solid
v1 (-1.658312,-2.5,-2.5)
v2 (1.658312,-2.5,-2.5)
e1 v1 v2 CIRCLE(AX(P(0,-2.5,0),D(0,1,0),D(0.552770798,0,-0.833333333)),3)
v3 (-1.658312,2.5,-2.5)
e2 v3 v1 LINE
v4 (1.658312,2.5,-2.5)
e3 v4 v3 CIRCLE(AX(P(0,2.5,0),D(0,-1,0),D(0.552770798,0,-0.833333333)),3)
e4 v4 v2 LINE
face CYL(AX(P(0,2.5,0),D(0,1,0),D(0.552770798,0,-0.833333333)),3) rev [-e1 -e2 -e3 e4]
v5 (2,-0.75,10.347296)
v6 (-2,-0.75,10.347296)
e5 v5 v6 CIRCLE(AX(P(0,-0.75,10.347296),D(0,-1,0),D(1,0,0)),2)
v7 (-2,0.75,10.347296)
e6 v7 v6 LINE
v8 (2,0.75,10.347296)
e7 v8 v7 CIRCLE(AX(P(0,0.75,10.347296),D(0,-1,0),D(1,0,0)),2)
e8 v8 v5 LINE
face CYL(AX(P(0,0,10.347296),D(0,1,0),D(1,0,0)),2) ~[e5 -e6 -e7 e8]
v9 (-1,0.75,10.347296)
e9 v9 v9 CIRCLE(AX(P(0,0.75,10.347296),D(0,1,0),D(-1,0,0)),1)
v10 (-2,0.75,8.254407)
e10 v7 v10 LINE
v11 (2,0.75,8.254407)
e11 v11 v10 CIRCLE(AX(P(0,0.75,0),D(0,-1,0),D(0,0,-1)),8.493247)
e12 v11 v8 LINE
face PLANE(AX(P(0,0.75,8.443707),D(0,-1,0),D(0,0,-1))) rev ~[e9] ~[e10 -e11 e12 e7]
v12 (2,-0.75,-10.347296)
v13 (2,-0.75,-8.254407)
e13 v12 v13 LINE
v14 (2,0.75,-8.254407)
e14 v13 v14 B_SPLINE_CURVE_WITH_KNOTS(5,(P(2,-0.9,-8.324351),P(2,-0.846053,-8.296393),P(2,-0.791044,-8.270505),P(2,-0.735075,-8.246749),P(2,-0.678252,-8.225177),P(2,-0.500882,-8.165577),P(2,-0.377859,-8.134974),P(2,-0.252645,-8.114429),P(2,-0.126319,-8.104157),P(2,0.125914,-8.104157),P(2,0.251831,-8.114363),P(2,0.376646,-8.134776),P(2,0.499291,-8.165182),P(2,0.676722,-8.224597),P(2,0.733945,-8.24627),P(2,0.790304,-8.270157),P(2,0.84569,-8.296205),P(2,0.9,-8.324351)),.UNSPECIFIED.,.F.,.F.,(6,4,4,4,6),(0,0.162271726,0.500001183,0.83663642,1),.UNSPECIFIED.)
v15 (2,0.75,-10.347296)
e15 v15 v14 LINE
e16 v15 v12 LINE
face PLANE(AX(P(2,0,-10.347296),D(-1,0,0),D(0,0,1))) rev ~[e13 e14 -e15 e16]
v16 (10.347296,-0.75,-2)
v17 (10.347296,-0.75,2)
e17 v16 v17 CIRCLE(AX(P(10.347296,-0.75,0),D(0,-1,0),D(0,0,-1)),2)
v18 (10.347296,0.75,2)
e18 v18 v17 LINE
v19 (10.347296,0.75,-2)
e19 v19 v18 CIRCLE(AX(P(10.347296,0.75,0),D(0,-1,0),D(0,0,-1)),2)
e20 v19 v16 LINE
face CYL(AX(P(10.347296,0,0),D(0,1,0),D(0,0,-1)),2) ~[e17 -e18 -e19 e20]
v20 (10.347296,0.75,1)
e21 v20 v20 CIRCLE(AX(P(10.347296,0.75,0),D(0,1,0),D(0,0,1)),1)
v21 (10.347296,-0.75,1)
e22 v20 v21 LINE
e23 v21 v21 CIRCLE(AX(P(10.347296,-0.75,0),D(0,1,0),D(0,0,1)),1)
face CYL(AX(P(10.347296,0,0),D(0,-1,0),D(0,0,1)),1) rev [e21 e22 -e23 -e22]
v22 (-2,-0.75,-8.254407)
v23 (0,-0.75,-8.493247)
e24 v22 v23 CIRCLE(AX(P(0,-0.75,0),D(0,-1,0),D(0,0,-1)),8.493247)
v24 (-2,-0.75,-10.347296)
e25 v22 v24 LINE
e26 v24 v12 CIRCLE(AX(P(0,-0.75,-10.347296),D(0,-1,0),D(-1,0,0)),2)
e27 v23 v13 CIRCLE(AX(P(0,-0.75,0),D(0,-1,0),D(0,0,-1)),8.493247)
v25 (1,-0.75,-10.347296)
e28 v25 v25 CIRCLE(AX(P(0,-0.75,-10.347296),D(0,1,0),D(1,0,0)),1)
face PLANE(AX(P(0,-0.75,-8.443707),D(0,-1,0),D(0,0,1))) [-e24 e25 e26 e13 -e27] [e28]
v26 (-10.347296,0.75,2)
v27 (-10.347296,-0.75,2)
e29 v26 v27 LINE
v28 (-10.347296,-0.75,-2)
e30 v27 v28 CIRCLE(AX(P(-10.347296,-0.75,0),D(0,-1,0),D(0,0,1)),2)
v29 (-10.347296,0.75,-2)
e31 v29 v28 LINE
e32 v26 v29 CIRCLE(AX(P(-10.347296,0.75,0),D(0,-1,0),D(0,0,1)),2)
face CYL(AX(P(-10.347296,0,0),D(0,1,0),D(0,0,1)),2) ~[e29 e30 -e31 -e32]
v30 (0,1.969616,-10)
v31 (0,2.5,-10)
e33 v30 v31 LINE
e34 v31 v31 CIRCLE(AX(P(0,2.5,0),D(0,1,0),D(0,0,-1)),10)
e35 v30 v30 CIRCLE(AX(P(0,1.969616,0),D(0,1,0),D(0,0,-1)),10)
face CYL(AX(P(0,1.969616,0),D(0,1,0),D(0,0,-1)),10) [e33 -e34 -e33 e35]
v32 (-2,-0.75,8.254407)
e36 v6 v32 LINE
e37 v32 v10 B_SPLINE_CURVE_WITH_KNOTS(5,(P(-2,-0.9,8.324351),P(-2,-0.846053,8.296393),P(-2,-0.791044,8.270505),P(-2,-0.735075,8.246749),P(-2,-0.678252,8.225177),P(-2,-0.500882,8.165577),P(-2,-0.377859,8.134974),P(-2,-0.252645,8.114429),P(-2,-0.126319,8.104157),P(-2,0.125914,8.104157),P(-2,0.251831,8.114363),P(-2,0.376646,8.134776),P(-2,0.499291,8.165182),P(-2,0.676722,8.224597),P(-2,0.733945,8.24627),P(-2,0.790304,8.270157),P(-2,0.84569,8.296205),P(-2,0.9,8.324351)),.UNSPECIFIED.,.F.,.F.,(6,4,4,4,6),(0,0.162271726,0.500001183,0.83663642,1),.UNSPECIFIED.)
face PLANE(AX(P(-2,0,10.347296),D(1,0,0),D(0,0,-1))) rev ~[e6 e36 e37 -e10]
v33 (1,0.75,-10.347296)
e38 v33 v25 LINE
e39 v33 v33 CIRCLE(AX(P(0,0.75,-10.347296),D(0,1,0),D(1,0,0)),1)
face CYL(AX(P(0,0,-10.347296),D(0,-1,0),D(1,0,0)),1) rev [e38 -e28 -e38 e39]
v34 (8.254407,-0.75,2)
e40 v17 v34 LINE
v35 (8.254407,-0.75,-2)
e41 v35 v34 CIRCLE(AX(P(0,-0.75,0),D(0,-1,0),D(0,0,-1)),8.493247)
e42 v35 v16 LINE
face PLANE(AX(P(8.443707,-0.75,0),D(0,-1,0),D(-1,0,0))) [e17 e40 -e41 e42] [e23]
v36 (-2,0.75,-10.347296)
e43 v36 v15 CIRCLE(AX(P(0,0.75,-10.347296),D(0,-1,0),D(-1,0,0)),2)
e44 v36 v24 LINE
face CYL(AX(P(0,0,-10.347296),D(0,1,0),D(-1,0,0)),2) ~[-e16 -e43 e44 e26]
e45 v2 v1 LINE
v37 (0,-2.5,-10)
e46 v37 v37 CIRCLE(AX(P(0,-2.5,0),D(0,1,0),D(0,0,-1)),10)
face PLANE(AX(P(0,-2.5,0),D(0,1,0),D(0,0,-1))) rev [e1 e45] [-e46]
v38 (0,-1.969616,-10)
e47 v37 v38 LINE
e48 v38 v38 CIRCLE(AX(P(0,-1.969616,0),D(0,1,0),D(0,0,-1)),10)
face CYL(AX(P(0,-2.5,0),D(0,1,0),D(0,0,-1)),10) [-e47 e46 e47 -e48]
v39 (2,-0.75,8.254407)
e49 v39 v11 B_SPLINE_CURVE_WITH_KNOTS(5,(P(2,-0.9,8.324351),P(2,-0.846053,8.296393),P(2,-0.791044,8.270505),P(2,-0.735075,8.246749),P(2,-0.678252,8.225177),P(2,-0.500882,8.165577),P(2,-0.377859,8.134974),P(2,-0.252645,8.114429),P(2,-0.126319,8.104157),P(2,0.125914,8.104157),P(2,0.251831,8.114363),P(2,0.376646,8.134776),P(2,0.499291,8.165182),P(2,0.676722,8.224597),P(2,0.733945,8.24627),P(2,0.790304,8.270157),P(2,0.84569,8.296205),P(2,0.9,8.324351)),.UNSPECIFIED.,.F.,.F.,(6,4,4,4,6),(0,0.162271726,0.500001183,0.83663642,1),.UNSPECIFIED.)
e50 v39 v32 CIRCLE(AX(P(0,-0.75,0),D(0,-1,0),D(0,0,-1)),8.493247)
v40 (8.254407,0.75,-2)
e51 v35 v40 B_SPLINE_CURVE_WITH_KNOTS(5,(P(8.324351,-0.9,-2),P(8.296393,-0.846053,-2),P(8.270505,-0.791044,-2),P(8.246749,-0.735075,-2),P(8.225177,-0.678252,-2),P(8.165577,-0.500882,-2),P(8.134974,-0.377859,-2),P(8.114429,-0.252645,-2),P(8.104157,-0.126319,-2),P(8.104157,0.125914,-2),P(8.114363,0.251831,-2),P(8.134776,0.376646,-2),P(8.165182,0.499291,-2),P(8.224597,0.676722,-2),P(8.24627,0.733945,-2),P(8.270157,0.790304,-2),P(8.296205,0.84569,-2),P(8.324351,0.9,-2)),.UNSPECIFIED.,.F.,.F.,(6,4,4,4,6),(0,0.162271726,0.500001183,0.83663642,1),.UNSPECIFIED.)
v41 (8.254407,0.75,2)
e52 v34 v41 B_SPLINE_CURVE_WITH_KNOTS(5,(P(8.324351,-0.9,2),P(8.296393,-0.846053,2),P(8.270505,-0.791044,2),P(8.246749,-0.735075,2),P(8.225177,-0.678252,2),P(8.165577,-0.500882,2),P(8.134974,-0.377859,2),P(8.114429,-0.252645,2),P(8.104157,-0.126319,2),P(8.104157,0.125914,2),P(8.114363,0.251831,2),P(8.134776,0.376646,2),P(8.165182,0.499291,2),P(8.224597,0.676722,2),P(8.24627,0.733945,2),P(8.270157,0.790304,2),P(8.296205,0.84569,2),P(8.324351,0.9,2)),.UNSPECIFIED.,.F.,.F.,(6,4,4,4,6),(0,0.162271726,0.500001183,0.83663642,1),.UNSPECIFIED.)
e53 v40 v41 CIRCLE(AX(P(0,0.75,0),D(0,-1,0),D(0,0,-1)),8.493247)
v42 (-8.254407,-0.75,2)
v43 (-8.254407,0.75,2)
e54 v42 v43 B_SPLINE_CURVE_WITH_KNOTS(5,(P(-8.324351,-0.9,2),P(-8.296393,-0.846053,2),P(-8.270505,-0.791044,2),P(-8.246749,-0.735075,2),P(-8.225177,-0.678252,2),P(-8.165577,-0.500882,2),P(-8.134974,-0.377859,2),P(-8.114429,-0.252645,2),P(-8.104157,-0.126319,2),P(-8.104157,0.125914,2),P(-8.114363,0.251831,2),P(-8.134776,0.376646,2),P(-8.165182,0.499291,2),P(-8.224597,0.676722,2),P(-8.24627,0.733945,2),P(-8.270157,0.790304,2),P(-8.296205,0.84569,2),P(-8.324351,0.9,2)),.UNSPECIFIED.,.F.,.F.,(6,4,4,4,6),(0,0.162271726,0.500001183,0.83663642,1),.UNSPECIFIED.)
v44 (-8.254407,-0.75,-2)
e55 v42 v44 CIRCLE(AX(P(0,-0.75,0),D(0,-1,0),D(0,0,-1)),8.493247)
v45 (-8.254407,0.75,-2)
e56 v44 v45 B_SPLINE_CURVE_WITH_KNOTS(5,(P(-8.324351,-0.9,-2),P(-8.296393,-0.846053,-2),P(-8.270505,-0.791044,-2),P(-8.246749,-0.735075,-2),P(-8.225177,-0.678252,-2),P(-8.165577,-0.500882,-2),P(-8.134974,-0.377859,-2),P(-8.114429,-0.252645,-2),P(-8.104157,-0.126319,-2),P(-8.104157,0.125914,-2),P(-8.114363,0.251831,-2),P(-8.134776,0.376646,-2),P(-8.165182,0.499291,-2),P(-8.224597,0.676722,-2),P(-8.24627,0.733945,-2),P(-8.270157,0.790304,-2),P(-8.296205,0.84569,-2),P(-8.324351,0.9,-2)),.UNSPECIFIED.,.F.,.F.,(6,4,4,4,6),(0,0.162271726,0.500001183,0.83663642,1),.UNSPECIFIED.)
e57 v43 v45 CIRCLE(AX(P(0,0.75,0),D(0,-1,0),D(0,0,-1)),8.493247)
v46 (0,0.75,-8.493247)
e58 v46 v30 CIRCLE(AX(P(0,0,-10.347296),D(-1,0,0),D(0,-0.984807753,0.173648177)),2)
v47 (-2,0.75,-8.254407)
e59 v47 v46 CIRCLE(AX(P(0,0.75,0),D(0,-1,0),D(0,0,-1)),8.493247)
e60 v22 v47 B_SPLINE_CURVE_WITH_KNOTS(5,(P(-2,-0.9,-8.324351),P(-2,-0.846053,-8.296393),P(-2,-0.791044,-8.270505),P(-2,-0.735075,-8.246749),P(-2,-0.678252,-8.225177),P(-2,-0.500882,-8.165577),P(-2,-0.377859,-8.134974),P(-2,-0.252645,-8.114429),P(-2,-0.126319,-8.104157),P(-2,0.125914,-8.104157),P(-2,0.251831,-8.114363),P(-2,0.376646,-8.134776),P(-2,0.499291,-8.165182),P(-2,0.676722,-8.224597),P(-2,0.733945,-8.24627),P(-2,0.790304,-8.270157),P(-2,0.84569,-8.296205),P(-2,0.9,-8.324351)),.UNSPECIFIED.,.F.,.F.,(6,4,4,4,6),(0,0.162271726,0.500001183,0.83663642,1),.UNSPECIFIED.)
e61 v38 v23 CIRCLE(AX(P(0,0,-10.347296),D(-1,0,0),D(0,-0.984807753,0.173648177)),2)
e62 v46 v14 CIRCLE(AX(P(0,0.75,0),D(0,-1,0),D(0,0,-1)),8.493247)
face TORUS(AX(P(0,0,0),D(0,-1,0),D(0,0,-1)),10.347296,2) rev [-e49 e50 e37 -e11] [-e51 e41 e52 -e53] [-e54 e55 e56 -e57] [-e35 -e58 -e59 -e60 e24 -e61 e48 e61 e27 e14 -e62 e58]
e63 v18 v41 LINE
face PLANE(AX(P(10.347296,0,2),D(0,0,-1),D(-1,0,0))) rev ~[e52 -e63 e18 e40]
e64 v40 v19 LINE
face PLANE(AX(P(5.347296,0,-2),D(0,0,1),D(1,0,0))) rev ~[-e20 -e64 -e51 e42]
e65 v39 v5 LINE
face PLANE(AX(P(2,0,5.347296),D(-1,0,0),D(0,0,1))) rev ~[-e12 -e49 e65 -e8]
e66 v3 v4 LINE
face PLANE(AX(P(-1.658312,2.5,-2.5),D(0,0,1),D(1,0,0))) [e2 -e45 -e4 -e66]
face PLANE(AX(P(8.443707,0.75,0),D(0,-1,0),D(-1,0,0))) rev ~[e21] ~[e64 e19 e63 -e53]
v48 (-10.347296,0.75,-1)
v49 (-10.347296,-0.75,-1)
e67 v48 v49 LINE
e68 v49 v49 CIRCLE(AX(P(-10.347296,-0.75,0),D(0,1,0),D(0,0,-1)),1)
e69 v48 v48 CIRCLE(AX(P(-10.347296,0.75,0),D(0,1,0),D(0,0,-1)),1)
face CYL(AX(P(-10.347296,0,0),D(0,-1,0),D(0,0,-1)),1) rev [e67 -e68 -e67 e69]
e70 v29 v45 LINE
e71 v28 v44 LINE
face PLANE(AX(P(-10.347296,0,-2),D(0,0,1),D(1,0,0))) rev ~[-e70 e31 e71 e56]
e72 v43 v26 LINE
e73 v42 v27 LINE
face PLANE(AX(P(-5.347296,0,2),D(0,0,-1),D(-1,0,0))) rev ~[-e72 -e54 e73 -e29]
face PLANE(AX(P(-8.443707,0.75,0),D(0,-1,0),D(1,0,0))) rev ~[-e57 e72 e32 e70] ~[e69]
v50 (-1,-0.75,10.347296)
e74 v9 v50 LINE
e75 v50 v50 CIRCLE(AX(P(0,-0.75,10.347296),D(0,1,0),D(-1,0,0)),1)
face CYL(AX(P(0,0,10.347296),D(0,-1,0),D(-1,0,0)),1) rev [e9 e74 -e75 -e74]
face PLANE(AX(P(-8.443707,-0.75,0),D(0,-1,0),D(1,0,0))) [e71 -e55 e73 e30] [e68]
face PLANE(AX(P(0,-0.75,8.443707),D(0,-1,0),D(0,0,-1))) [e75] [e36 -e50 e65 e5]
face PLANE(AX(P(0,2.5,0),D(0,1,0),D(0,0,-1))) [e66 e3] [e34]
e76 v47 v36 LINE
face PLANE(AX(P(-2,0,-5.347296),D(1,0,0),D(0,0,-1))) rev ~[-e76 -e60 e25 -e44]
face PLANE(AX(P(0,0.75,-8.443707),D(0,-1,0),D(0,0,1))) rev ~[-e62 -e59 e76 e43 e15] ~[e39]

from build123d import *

# Parameters (mm, degrees)
CUT_EXTRUDE1_DEPTH  = 16
SKETCH4_R           = 1
BOSS_EXTRUDE1_DEPTH = 0.75
CIRPATTERN1_COUNT   = 4


with BuildPart() as part:
    # Sketch2 → Revolve1 (revolve)
    with BuildSketch(Plane.XY, mode=Mode.PRIVATE) as revolve1_sk:
        with BuildLine():
            Line((0, 2.5), (0, -2.5))
            Line((0, -2.5), (10, -2.5))
            Line((10, -2.5), (10, -1.969615506))
            ThreePointArc((10, -1.969615506), (8.347296355, 0), (10, 1.969615506))
            Line((10, 1.969615506), (10, 2.5))
            Line((10, 2.5), (0, 2.5))
        make_face()
    revolve(revolve1_sk.sketch.rotate(Axis((0, 0, 0), (0, 1, 0)), 90), axis=Axis((0, 0, 0), (0, 1, 0)))

    # Sketch3 → Cut-Extrude1 (cut, through all)
    with BuildSketch(Plane(origin=(0, 2.5, 0), x_dir=(1, 0, 0), z_dir=(0, 1, 0))):
        with BuildLine():
            Line((-1.658312395, 2.5), (1.658312395, 2.5))
            ThreePointArc((1.658312395, 2.5), (0, -3), (-1.658312395, 2.5))
        make_face()
    extrude(amount=-CUT_EXTRUDE1_DEPTH, mode=Mode.SUBTRACT)

    # Sketch4 → Boss-Extrude1 (add, symmetric)
    with BuildSketch(Plane(origin=(0, 0, 0), x_dir=(1, 0, 0), z_dir=(0, 1, 0))):
        with BuildLine():
            Line((5.347296355, 2), (10.347296355, 2))
            ThreePointArc((10.347296355, 2), (12.347296355, 0), (10.347296355, -2))
            Line((10.347296355, -2), (5.347296355, -2))
            Line((5.347296355, -2), (5.347296355, 2))
        make_face()
        with Locations(Location((10.347296355, 0, 0), (0, 0, 270))):
            Circle(SKETCH4_R, mode=Mode.SUBTRACT)
    boss_extrude1 = extrude(amount=BOSS_EXTRUDE1_DEPTH, both=True)

    # CirPattern1: Boss-Extrude1 ×4 about axis
    cirpattern1_axis = Axis((0, 0, 0), (0, 1, 0))
    for i in range(1, CIRPATTERN1_COUNT):
        add(boss_extrude1.rotate(cirpattern1_axis, i * 360 / CIRPATTERN1_COUNT))


solid = part.part
